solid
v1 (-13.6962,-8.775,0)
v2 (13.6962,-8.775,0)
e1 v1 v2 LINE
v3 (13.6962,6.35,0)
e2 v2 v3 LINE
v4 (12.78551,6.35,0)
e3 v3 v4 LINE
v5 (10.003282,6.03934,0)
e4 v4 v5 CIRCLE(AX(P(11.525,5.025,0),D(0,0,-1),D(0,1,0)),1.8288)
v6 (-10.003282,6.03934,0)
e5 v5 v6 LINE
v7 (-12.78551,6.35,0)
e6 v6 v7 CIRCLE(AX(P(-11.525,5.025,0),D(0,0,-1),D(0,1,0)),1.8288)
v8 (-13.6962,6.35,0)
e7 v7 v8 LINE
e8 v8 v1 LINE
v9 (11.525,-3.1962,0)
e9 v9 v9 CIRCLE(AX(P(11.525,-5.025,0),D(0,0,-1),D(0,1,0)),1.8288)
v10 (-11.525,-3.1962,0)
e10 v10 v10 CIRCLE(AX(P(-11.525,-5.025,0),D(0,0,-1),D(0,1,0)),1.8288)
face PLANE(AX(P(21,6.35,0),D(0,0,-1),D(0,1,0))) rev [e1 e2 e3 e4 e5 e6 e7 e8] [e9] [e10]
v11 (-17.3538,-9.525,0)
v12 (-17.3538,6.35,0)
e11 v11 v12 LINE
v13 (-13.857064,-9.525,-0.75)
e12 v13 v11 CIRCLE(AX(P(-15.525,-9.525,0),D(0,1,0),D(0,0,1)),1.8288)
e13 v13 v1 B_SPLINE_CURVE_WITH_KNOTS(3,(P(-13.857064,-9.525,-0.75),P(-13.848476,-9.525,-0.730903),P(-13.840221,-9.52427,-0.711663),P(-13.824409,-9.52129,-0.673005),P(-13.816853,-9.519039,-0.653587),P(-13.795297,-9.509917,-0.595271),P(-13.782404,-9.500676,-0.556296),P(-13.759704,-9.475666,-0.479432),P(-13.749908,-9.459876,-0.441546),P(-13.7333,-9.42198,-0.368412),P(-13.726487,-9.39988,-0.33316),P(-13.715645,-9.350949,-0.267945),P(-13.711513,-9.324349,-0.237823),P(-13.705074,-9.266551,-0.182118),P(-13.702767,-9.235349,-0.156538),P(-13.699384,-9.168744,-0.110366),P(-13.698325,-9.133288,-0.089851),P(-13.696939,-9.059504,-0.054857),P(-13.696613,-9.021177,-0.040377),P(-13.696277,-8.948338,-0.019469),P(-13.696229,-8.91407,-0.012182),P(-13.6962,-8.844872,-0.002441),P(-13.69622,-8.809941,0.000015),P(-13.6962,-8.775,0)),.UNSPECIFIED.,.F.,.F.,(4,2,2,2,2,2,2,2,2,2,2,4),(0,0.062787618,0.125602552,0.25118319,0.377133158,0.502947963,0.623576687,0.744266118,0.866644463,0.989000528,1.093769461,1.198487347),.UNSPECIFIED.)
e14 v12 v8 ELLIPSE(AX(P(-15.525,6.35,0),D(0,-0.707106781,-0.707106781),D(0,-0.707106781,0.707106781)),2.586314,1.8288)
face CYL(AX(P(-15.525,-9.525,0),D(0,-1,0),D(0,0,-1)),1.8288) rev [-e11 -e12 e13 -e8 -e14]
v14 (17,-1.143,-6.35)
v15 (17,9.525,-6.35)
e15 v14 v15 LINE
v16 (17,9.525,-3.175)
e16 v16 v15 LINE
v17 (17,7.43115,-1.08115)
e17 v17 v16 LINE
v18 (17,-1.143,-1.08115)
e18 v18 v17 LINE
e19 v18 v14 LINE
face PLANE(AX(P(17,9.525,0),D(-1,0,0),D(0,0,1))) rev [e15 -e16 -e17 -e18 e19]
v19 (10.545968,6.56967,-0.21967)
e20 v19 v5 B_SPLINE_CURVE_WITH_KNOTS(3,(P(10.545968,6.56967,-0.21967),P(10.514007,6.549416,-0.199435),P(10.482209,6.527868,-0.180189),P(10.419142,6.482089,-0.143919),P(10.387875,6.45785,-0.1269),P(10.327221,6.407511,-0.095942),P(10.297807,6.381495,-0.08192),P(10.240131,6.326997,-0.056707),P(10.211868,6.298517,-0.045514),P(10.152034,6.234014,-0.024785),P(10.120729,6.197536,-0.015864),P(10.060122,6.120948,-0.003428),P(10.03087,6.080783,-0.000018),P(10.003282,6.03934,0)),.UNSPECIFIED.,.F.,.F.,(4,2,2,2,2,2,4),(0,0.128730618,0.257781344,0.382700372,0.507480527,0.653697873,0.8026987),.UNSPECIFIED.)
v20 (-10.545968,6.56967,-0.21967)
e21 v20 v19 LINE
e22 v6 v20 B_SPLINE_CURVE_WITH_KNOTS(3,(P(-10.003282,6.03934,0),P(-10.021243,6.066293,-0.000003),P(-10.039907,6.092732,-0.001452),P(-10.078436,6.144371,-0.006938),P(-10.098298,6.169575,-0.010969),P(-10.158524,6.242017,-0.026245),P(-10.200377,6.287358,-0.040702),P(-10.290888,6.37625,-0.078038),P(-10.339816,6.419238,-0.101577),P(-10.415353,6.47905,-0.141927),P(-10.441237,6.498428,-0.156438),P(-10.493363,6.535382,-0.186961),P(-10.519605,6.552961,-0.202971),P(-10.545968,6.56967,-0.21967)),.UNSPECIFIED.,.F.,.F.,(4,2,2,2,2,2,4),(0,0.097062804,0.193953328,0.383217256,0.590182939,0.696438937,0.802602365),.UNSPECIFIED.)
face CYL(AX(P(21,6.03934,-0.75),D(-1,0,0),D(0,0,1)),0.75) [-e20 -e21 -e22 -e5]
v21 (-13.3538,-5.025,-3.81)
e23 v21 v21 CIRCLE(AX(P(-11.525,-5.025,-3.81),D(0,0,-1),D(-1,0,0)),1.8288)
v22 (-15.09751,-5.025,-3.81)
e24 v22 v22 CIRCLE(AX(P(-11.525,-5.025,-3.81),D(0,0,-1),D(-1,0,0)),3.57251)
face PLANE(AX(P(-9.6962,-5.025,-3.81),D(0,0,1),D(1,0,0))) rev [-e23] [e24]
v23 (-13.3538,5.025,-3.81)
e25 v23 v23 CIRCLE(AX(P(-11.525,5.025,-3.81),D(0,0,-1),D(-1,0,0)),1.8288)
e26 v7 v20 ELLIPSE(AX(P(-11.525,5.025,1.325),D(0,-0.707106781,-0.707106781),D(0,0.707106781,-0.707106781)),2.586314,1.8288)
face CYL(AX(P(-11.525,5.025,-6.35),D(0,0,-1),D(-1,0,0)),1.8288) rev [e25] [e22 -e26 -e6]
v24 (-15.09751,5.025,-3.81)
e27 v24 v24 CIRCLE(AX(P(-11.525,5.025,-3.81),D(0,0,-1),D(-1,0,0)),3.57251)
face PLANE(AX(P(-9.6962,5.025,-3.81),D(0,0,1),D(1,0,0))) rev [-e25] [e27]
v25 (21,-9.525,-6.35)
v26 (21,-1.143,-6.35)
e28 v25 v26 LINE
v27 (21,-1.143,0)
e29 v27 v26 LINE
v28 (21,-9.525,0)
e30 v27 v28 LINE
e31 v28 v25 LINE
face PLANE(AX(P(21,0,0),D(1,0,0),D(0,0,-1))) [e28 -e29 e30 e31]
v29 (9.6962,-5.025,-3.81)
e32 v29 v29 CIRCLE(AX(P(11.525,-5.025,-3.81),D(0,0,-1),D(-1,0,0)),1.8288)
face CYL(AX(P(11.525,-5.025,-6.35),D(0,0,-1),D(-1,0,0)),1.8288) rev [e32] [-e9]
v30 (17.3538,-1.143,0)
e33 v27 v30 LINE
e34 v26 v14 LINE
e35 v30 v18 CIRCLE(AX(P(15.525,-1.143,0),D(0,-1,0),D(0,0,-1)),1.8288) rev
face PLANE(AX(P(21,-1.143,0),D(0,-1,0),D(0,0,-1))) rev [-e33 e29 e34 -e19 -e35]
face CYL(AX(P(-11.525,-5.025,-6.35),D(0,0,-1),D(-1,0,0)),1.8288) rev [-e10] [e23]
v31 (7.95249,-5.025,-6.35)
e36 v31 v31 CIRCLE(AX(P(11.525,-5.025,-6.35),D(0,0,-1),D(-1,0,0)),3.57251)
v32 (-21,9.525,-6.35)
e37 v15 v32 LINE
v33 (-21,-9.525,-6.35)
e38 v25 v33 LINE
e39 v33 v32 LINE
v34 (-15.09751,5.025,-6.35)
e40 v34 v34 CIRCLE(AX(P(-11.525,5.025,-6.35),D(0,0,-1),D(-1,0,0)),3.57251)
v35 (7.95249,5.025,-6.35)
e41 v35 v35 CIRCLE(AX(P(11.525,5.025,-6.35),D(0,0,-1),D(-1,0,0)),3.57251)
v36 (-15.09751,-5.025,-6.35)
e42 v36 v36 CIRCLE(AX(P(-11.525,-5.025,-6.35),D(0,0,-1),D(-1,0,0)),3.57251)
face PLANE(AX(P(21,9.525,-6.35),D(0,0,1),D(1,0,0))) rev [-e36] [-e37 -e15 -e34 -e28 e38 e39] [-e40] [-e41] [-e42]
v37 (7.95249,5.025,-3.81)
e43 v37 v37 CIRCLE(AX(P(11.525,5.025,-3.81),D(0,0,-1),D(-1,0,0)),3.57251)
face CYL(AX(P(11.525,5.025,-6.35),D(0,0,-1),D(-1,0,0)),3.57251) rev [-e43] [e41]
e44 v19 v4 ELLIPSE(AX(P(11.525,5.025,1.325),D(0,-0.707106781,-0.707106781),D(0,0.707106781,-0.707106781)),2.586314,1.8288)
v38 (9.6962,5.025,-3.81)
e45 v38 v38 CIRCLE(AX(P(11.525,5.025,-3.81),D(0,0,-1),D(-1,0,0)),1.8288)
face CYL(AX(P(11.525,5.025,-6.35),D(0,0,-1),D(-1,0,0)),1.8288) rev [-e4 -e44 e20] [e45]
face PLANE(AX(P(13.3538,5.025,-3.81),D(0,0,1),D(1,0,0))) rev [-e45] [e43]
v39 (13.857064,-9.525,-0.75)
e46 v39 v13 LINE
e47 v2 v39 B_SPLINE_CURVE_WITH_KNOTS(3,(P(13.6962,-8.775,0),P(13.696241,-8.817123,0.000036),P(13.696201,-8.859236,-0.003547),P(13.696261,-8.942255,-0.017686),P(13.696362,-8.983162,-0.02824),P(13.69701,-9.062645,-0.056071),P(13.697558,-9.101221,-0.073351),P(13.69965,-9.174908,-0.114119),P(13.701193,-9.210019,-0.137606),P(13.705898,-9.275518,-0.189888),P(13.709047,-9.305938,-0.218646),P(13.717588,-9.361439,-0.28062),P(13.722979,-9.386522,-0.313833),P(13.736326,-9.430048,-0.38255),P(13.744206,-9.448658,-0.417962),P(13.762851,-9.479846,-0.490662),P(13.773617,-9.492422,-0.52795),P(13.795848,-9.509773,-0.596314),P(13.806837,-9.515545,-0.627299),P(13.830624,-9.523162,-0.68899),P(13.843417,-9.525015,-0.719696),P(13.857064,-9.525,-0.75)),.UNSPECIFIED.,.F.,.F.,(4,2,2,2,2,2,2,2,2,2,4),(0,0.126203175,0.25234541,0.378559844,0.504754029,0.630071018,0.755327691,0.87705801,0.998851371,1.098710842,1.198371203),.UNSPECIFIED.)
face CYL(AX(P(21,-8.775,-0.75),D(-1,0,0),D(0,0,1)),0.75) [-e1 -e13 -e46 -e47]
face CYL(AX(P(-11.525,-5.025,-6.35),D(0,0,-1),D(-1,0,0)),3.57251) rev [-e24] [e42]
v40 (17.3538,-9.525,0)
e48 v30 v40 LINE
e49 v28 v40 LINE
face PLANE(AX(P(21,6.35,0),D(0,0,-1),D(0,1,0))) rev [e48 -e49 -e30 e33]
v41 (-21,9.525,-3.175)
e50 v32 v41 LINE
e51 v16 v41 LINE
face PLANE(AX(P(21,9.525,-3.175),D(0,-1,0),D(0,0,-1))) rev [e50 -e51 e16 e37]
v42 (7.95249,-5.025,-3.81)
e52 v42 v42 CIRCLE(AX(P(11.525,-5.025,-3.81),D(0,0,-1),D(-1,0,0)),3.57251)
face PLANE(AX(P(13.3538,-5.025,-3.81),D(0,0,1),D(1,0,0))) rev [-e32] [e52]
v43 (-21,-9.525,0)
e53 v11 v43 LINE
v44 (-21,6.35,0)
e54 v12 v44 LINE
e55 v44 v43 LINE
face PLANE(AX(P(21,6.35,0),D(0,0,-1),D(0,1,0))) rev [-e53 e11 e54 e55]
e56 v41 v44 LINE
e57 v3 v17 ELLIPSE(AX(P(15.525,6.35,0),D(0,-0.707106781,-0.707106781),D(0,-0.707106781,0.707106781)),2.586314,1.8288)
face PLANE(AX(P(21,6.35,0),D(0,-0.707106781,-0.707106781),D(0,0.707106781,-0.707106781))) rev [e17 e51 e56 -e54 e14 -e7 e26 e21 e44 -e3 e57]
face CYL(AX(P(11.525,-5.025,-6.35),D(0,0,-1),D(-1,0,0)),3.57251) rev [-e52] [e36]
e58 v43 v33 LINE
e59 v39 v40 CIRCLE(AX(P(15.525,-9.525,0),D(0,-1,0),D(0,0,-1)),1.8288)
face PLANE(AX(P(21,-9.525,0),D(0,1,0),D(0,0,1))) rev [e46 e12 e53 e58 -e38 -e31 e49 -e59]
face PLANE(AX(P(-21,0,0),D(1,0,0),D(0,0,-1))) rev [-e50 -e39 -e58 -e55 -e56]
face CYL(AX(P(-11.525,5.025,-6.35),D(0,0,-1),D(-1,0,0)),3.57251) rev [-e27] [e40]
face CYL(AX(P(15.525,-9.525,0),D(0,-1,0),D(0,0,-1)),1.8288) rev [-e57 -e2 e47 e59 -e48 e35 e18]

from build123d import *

# Parameters (mm, degrees)
BOSS_EXTRUDE1_DEPTH                            = 21
CBORE_FOR_6_SOCKET_HEAD_CAP_SCREW1_D           = 3.6576
CBORE_FOR_6_SOCKET_HEAD_CAP_SCREW1_DEPTH       = 9.398
CBORE_FOR_6_SOCKET_HEAD_CAP_SCREW1_CBORE_D     = 7.14502
CBORE_FOR_6_SOCKET_HEAD_CAP_SCREW1_CBORE_DEPTH = 2.54
CBORE_FOR_6_SOCKET_HEAD_CAP_SCREW1_TIP         = 1.0988539
F_6_CLEARANCE_HOLE1_D                          = 3.6576
FILLET1_R                                      = 0.75
SKETCH8_W                                      = 4
SKETCH8_H                                      = 10.668
CUT_EXTRUDE1_DEPTH                             = 7.3500001


with BuildPart() as part:
    # Sketch1 → Boss-Extrude1 (new body, symmetric)
    with BuildSketch(Plane(origin=(0, 0, 0), x_dir=(0, 0, -1), z_dir=(1, 0, 0))):
        Polygon((0, 6.35), (3.175, 9.525), (6.35, 9.525), (6.35, -9.525), (0, -9.525), align=None)
    extrude(amount=BOSS_EXTRUDE1_DEPTH, both=True)

    # CBORE for #6 Socket Head Cap Screw1
    with Locations(Plane(origin=(0, 0, -6.35), x_dir=(-1, 0, 0), z_dir=(0, 0, -1))):
        with Locations((11.525, -5.025), (-11.525, 5.025), (-11.525, -5.025), (11.525, 5.025)):
            CounterBoreHole(CBORE_FOR_6_SOCKET_HEAD_CAP_SCREW1_D / 2, CBORE_FOR_6_SOCKET_HEAD_CAP_SCREW1_CBORE_D / 2, CBORE_FOR_6_SOCKET_HEAD_CAP_SCREW1_CBORE_DEPTH, depth=CBORE_FOR_6_SOCKET_HEAD_CAP_SCREW1_DEPTH)
            with Locations((0, 0, -(CBORE_FOR_6_SOCKET_HEAD_CAP_SCREW1_DEPTH + CBORE_FOR_6_SOCKET_HEAD_CAP_SCREW1_TIP / 2))):  # 118° drill point
                Cone(0, CBORE_FOR_6_SOCKET_HEAD_CAP_SCREW1_D / 2, CBORE_FOR_6_SOCKET_HEAD_CAP_SCREW1_TIP, mode=Mode.SUBTRACT)

    # #6 Clearance Hole1 (through all)
    with Locations(Plane(origin=(0, -9.525, 0), x_dir=(-1, 0, 0), z_dir=(0, -1, 0))):
        with Locations((-15.525, 0), (15.525, 0)):
            Hole(F_6_CLEARANCE_HOLE1_D / 2)

    # Fillet1
    fillet1_edges = [part.edges().sort_by_distance(p)[0] for p in [
        (0, 6.35, 0),
        (0, -9.525, 0),
    ]]
    fillet(fillet1_edges, radius=FILLET1_R)

    # Sketch8 → Cut-Extrude1 (cut, through all)
    with BuildSketch(Plane(origin=(0, 0, -6.35), x_dir=(-1, 0, 0), z_dir=(0, 0, -1))):
        with Locations((-19, 4.191)):
            Rectangle(SKETCH8_W, SKETCH8_H)
    extrude(amount=-CUT_EXTRUDE1_DEPTH, mode=Mode.SUBTRACT)


solid = part.part
